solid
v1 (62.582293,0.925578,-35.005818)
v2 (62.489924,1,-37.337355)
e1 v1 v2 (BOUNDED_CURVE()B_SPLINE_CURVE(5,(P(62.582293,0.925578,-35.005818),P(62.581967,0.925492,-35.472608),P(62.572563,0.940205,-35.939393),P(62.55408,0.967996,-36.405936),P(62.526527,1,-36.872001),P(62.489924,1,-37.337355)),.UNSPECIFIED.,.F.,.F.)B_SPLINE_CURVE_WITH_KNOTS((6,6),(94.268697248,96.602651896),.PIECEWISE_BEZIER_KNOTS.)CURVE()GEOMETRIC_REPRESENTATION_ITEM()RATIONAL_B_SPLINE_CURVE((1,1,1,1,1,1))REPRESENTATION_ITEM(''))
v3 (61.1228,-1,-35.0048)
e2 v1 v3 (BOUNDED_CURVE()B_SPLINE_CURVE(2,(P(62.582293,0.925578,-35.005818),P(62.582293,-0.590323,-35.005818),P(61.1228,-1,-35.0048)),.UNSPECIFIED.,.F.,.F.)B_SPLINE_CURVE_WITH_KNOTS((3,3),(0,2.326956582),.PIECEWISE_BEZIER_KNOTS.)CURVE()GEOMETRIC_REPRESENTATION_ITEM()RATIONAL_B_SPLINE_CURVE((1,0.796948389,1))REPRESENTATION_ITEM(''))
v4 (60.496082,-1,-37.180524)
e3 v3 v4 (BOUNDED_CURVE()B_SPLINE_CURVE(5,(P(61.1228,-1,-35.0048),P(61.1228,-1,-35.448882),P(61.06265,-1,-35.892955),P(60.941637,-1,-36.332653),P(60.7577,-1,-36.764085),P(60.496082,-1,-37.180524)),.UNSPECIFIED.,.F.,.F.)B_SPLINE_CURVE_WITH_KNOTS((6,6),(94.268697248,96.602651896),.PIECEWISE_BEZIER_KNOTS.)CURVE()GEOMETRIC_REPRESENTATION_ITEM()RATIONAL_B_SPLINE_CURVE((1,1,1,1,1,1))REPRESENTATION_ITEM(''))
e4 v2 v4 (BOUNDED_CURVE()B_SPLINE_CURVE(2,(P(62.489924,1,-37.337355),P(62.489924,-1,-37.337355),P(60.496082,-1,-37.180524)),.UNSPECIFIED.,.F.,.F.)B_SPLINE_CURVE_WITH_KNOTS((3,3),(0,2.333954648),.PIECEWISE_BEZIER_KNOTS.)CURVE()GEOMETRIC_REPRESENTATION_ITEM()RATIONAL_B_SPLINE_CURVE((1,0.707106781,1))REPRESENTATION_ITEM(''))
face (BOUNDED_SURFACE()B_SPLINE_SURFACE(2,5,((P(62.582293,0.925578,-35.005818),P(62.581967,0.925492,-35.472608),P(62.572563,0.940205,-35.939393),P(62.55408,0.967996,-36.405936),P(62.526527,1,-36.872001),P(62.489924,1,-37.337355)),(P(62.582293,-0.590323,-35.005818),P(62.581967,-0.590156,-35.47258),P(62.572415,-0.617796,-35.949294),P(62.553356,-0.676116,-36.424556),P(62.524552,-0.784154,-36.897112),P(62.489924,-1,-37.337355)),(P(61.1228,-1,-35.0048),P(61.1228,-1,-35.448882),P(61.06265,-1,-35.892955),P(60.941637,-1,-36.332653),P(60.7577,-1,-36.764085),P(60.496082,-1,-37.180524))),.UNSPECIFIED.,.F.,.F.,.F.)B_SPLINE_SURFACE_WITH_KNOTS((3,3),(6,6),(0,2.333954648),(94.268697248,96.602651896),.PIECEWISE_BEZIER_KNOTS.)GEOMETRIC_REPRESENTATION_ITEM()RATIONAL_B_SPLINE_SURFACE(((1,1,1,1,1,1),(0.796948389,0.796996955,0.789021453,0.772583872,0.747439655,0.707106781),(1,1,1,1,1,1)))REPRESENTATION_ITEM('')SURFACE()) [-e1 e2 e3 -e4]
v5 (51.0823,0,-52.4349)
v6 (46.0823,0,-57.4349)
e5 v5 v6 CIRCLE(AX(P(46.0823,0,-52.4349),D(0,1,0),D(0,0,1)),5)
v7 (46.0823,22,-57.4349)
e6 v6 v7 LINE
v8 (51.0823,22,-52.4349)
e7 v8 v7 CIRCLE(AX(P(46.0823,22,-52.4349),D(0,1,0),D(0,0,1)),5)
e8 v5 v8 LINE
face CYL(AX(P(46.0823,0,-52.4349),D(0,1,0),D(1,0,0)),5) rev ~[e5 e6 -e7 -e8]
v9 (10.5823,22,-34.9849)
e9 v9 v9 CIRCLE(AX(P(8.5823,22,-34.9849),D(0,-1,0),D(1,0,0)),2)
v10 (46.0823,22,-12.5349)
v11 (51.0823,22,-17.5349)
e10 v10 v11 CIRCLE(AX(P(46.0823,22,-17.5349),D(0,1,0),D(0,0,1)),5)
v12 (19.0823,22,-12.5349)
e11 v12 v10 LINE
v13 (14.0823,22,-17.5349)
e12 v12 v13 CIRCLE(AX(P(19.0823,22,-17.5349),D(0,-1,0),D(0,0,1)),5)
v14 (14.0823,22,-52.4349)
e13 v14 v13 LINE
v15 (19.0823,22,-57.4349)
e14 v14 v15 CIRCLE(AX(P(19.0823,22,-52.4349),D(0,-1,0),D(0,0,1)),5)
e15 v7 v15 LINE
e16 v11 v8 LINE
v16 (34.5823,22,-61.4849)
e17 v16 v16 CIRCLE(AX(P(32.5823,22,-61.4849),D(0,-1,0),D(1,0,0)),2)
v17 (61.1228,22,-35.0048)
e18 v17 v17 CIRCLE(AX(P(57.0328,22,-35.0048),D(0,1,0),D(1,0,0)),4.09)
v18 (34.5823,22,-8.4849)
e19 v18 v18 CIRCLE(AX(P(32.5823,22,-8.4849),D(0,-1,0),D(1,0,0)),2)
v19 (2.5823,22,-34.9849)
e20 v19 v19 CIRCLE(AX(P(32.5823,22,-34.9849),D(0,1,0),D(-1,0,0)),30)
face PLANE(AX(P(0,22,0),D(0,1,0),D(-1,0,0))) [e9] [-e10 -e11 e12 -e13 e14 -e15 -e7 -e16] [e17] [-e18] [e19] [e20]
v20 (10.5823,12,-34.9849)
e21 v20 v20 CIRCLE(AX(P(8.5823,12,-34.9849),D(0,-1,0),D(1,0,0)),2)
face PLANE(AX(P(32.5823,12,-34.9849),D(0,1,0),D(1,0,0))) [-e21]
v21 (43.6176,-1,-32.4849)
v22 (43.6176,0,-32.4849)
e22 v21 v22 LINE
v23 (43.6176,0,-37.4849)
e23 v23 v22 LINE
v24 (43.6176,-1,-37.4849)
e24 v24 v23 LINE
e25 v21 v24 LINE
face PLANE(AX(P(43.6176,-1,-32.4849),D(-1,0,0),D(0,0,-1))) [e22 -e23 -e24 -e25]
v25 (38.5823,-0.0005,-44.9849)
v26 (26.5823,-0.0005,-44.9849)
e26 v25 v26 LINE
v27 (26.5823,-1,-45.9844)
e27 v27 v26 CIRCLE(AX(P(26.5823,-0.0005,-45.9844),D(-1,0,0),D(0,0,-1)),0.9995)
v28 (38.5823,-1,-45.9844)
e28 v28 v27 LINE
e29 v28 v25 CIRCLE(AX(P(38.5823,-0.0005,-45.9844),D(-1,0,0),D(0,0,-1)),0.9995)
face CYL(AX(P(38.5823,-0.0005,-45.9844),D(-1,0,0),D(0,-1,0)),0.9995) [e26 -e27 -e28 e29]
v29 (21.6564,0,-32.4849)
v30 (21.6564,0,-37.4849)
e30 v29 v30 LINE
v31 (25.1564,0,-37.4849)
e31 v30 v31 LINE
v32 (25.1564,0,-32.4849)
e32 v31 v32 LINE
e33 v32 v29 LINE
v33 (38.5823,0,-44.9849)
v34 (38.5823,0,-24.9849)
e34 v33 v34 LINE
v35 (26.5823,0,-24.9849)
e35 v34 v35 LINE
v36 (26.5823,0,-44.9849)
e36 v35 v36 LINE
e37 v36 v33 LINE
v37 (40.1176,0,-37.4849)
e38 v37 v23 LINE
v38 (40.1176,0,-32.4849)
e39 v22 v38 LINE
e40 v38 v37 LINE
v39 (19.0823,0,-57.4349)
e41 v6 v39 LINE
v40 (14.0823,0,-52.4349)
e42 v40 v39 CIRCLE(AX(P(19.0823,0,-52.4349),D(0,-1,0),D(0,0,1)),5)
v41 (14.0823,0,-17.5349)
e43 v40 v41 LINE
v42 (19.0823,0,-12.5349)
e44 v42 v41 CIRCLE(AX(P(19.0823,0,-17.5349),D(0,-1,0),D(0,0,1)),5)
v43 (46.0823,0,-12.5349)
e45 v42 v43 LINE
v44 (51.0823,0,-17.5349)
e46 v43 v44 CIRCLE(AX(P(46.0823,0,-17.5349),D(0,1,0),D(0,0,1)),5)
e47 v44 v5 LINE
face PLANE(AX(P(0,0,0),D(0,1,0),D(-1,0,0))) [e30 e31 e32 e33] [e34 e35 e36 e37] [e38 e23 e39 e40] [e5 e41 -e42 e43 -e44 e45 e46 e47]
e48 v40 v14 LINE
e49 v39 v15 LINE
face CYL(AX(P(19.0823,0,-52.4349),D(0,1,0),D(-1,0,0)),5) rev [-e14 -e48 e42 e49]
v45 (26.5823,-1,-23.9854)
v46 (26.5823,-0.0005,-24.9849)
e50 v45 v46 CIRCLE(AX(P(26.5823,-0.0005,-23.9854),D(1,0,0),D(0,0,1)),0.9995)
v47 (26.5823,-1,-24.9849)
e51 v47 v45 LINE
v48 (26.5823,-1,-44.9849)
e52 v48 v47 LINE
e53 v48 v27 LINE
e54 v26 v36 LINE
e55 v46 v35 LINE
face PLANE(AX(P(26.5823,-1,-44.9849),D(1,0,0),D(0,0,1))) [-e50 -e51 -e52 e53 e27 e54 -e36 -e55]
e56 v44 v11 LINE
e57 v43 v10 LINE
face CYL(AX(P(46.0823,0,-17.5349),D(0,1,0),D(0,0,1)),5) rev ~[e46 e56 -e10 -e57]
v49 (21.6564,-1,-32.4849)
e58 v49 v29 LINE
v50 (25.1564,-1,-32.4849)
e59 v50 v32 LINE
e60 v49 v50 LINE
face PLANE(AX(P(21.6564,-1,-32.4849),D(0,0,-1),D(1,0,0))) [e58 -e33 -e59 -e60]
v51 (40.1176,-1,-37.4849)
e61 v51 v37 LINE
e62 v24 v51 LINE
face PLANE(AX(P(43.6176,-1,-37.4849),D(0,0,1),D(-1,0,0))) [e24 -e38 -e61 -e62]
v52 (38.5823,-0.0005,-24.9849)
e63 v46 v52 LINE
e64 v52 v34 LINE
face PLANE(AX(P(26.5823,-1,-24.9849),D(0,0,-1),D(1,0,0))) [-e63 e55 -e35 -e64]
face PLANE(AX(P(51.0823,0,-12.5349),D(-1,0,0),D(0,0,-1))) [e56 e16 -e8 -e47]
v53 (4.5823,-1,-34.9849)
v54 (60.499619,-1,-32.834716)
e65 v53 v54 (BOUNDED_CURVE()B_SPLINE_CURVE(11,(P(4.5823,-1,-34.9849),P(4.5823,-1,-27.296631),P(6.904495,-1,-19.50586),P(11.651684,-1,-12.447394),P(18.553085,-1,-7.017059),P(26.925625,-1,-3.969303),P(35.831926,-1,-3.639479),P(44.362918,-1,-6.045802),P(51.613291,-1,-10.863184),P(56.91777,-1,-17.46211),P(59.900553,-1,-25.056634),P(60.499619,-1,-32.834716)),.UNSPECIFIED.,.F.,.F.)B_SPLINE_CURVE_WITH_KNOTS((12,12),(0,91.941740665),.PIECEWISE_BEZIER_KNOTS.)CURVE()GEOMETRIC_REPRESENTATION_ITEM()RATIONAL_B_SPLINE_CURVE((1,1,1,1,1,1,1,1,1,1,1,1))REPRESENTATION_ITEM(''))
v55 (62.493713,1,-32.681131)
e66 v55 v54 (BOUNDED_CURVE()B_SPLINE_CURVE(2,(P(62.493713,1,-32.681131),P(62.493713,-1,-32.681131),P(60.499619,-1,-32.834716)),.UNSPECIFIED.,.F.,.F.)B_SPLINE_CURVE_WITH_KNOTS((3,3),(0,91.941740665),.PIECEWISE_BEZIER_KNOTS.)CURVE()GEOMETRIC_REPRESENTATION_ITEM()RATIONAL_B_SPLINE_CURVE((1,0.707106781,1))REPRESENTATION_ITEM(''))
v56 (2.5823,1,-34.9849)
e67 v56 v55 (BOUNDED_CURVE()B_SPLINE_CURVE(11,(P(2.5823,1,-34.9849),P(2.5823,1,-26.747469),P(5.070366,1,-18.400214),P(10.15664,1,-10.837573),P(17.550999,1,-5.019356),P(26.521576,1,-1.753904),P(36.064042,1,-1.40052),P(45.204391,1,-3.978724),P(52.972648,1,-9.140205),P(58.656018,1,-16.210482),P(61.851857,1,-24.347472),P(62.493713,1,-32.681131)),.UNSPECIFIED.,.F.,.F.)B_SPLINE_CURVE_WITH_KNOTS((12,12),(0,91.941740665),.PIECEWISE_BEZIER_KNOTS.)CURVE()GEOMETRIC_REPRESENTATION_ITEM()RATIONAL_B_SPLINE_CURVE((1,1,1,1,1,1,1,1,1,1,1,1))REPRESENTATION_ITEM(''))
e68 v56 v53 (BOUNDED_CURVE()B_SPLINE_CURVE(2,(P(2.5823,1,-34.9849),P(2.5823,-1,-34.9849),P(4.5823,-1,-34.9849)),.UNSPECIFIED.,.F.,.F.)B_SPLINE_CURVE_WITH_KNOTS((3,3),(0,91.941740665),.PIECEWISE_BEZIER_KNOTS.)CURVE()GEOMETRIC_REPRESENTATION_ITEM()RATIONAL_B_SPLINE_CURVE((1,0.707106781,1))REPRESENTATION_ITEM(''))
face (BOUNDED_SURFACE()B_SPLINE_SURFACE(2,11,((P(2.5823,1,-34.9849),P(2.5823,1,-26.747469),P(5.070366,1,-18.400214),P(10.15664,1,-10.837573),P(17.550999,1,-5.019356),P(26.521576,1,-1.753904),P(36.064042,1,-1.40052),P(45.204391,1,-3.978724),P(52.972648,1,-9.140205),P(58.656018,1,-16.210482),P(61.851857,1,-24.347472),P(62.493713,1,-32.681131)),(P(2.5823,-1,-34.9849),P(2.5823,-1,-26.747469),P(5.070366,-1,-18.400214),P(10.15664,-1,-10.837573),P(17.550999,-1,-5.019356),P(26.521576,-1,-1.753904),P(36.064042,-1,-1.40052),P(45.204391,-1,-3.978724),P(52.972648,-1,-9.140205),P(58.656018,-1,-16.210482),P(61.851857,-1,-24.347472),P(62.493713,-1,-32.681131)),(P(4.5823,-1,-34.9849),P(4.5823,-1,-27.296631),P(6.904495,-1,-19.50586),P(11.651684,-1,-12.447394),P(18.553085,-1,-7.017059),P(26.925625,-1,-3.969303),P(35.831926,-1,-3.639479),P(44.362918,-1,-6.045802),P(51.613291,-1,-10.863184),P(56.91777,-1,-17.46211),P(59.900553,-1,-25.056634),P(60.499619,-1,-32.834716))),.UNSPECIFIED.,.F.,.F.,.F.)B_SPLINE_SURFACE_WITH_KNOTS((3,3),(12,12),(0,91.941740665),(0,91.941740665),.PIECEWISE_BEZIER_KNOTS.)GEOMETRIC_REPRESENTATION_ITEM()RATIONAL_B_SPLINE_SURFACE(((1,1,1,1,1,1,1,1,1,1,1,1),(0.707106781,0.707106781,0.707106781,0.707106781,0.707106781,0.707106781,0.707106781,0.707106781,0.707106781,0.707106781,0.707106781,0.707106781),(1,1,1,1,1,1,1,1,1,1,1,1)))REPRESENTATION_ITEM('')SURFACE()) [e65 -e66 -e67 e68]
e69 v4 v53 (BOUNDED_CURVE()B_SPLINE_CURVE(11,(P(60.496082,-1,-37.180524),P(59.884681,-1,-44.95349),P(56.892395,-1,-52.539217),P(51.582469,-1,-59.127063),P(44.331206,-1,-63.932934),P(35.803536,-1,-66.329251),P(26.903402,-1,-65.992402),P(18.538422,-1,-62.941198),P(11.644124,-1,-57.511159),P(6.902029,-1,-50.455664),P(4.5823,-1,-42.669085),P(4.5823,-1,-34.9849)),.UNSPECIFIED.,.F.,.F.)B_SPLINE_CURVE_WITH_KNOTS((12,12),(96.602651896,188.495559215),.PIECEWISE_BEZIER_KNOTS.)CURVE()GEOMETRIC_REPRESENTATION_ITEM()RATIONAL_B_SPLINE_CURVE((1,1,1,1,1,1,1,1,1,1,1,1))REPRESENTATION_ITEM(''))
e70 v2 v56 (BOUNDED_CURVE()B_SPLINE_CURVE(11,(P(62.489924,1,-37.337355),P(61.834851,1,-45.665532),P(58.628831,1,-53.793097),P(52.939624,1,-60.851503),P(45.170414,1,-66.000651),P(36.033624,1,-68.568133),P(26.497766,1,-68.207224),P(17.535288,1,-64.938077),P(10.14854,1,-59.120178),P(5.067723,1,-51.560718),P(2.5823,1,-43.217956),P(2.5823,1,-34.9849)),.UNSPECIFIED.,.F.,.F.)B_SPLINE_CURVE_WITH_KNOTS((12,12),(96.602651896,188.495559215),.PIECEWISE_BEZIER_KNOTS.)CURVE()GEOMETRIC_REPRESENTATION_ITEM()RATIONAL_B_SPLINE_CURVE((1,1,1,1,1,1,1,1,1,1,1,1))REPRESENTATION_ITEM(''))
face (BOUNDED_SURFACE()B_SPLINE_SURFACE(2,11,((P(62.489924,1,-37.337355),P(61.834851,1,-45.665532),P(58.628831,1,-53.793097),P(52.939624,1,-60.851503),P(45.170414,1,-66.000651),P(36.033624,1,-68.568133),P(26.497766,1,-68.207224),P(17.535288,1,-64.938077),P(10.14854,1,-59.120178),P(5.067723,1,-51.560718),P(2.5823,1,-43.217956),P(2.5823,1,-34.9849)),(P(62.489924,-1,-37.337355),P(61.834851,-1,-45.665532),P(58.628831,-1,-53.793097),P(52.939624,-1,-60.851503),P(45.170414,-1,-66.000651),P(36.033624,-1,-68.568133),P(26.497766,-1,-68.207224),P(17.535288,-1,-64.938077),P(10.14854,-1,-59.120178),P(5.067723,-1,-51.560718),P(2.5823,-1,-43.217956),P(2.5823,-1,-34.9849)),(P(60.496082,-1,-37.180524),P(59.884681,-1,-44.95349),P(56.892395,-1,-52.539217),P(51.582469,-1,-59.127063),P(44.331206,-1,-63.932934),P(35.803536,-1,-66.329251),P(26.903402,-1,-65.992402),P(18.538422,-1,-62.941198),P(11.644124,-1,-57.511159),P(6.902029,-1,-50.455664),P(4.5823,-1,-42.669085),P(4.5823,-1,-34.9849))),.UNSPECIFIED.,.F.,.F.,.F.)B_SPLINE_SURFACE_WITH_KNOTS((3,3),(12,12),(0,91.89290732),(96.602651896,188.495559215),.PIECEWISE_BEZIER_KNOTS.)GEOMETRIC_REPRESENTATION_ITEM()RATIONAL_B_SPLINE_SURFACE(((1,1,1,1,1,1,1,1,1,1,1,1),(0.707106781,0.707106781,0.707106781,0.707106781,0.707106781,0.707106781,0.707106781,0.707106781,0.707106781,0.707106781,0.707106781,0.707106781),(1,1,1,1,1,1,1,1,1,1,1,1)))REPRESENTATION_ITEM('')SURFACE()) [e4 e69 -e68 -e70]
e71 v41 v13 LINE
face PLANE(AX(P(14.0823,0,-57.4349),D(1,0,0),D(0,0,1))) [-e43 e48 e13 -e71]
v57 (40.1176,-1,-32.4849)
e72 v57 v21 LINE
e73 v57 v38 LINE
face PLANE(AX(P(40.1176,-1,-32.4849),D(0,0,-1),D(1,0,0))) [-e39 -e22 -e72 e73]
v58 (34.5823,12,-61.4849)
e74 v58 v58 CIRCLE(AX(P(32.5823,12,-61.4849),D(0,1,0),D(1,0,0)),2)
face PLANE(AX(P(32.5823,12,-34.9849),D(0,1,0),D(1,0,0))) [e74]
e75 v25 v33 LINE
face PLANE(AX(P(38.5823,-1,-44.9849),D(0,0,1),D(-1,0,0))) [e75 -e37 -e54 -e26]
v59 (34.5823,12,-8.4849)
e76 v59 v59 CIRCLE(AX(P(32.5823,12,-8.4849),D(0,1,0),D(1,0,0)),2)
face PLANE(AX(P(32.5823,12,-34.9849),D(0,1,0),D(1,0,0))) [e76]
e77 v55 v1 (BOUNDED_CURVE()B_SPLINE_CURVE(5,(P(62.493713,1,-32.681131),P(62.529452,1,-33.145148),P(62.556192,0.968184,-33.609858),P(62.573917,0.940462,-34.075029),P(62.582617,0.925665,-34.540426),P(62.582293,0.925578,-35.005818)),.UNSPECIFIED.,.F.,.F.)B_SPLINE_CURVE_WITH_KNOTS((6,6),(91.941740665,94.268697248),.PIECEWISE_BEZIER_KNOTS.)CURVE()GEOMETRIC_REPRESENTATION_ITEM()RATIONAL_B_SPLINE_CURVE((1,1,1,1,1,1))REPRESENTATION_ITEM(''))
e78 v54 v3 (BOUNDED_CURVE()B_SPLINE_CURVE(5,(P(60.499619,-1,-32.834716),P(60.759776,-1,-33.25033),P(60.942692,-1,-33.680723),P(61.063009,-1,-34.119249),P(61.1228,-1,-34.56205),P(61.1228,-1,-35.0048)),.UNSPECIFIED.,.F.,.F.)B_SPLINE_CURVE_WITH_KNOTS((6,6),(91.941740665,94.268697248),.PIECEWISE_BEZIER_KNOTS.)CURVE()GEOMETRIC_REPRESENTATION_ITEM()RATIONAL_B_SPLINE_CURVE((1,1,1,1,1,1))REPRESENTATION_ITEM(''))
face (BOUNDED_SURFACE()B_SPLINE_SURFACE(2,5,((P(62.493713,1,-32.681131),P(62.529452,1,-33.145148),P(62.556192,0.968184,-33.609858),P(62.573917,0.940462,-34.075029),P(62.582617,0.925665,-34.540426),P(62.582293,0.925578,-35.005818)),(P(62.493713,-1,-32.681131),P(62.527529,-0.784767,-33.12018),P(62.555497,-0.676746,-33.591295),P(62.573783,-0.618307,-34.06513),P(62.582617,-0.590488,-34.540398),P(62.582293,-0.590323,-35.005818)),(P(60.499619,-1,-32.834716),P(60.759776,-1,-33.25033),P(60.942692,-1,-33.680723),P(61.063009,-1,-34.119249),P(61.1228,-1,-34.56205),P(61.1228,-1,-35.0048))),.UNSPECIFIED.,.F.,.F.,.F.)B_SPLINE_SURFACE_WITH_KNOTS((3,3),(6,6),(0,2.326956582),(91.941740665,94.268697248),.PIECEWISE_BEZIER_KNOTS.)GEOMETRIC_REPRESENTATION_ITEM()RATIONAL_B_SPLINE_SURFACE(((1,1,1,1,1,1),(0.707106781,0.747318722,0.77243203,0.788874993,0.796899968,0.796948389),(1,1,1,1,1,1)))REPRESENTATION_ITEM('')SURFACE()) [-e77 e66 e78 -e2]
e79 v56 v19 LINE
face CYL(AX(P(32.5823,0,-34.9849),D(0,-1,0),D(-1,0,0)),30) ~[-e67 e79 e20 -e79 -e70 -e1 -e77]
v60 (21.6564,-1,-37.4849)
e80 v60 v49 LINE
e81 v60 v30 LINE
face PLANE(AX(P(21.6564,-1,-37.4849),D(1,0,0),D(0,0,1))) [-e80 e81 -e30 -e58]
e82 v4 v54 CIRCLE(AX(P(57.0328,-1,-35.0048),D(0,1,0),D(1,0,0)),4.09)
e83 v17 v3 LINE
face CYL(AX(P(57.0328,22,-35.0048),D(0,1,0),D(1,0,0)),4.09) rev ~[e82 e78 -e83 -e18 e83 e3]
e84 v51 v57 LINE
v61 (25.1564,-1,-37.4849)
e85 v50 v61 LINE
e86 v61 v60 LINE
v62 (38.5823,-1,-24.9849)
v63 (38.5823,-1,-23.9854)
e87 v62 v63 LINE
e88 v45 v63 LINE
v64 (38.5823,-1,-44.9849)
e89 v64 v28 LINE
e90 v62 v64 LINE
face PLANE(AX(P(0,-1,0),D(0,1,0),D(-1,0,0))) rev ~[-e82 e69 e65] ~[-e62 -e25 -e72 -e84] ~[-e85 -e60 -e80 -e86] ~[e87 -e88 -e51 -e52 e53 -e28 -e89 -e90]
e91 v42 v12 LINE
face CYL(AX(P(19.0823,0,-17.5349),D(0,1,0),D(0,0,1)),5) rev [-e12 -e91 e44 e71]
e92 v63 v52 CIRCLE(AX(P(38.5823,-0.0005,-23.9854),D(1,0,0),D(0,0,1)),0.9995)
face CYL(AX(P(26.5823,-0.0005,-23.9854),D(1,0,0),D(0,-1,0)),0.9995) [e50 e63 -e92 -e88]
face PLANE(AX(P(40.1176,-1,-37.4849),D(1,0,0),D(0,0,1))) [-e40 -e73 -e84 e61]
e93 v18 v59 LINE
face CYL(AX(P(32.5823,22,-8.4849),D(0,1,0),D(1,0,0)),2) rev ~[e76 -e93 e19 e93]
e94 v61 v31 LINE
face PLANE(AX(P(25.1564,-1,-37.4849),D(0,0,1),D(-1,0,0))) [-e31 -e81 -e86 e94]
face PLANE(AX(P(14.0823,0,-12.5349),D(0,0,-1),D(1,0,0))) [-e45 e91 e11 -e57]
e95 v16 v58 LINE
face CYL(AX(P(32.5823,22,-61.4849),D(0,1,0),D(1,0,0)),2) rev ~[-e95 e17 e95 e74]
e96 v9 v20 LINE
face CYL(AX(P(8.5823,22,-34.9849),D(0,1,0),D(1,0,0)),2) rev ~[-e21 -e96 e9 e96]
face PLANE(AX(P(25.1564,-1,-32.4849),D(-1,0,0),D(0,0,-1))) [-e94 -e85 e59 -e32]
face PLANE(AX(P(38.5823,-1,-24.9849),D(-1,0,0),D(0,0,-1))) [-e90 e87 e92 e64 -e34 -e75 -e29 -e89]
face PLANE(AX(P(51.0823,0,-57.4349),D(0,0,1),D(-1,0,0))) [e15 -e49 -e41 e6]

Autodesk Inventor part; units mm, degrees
ref_plane "YZ Plane" through (0, 0, 0) normal (1, 0, 0) x (0, 1, 0)
ref_plane "XZ Plane" through (0, 0, 0) normal (0, 1, 0) x (-1, 0, 0)
ref_plane "XY Plane" through (0, 0, 0) normal (0, 0, 1) x (1, 0, 0)
sketch "Sketch1" plane through (0, 0, 0) normal (0, 1, 0) x (-1, 0, 0)
  point P0 (0, 0)
sketch "Sketch2" plane through (0, 0, 0) normal (0, 1, 0) x (-1, 0, 0)
  line L0 (-14.0823, -12.5349) -> (-51.0823, -12.5349)
  line L1 (-51.0823, -12.5349) -> (-51.0823, -57.4349)
  line L2 (-51.0823, -57.4349) -> (-14.0823, -57.4349)
  line L3 (-14.0823, -57.4349) -> (-14.0823, -12.5349)
  circle A0 centre (-32.5823, -34.9849) radius 30
  point P0 (0, 0)
  dimension "d0" = 37
  dimension "d1" = 44.9
extrude "Extrusion1" add sketch "Sketch2" against normal blind 1 contours L3 L2 L1 L0 | A0
extrude "Extrusion2" add sketch "Sketch2" along normal blind 22
sketch "Sketch3" plane through (32.5823, 22, -34.9849) normal (0, 1, 0) x (1, 0, 0)
  circle A0 centre (24.4505, 0.0199) radius 4.09
  point P0 (-32.5823, -34.9849)
  dimension "d9" = 8.18
extrude "Extrusion3" cut sketch "Sketch3" against normal up to next
sketch "Sketch4" plane through (32.5823, 22, -34.9849) normal (0, 1, 0) x (1, 0, 0)
  point P0 (-32.5823, -34.9849)
sketch "Sketch6" plane through (32.5823, 22, -34.9849) normal (0, 1, 0) x (1, 0, 0)
  circle A0 centre (0, 0) radius 30 projected
  line L0 (-30, 0) -> (-24, 0)
  circle A1 centre (-24, 0) radius 2
  point P0 (-32.5823, -34.9849)
  dimension "d23" = 6
  dimension "d24" = 4
sketch "Sketch7" plane through (32.5823, 22, -34.9849) normal (0, 1, 0) x (1, 0, 0)
  circle A0 centre (0, 0) radius 30 projected
  line L0 (0, -30) -> (0, -26.5)
  circle A1 centre (0, -26.5) radius 2
  line L1 (0, 30) -> (0, 26.5)
  circle A2 centre (0, 26.5) radius 2
  point P0 (-32.5823, -34.9849)
  dimension "d25" = 3.5
  dimension "d26" = 4
  dimension "d27" = 3.5
  dimension "d28" = 4
extrude "Extrusion5" cut sketch "Sketch7" against normal blind 10 contours A2 | A1
extrude "Extrusion6" cut sketch "Sketch6" against normal blind 10 contours A1
thread "Thread4" size "M4x0.7" class "6H" standard "ANSI Metric M Profile" length 10
thread "Thread5" size "M4x0.7" class "6H" standard "ANSI Metric M Profile" full length
thread "Thread6" size "M4x0.7" class "6H" standard "ANSI Metric M Profile" full length
sketch "Sketch8" plane through (32.5823, 22, -34.9849) normal (0, 1, 0) x (1, 0, 0)
  point P0 (-32.5823, -34.9849)
fillet "Fillet1" radius 2 1 edges at (62.5823, -1, -34.9849)
fillet "Fillet2" radius 5 4 edges at (14.0823, 11, -57.4349) (14.0823, 11, -12.5349) (51.0823, 11, -12.5349) (51.0823, 11, -57.4349)
sketch "Sketch10" plane through (0, -1, 0) normal (0, -1, 0) x (1, 0, 0)
  line L0 (38.5823, -44.9849) -> (26.5823, -44.9849)
  line L1 (26.5823, -44.9849) -> (26.5823, -24.9849)
  line L2 (26.5823, -24.9849) -> (38.5823, -24.9849)
  line L3 (38.5823, -24.9849) -> (38.5823, -44.9849)
  arc A0 (60.4997, -32.8347) -> (60.4961, -37.1806) centre (32.5823, -34.9849) ccw projected
  line L4 (38.5823, -44.9849) -> (26.5823, -24.9849) construction
  line L5 (26.5823, -44.9849) -> (38.5823, -24.9849) construction
  line L6 (43.6176, -37.4849) -> (40.1176, -37.4849)
  line L7 (40.1176, -37.4849) -> (40.1176, -32.4849)
  line L8 (40.1176, -32.4849) -> (43.6176, -32.4849)
  line L9 (43.6176, -32.4849) -> (43.6176, -37.4849)
  line L10 (43.6176, -37.4849) -> (40.1176, -32.4849) construction
  line L11 (40.1176, -37.4849) -> (43.6176, -32.4849) construction
  line L12 (25.1564, -37.4849) -> (21.6564, -37.4849)
  line L13 (21.6564, -37.4849) -> (21.6564, -32.4849)
  line L14 (21.6564, -32.4849) -> (25.1564, -32.4849)
  line L15 (25.1564, -32.4849) -> (25.1564, -37.4849)
  line L16 (25.1564, -37.4849) -> (21.6564, -32.4849) construction
  line L17 (21.6564, -37.4849) -> (25.1564, -32.4849) construction
  point P0 (0, 0)
  point P1 (41.8676, -34.9849)
  point P2 (23.4064, -34.9849)
  dimension "d49" = 12
  dimension "d50" = 20
  dimension "d51" = 3.5
  dimension "d52" = 5
  dimension "d53" = 3.5
  dimension "d54" = 5
extrude "Extrusion8" cut sketch "Sketch10" against normal blind 2
fillet "Fillet3" radius 1 2 edges at (32.5823, -1, -44.9849) (32.5823, -1, -24.9849)
properties part number "webcam_holder_center"
